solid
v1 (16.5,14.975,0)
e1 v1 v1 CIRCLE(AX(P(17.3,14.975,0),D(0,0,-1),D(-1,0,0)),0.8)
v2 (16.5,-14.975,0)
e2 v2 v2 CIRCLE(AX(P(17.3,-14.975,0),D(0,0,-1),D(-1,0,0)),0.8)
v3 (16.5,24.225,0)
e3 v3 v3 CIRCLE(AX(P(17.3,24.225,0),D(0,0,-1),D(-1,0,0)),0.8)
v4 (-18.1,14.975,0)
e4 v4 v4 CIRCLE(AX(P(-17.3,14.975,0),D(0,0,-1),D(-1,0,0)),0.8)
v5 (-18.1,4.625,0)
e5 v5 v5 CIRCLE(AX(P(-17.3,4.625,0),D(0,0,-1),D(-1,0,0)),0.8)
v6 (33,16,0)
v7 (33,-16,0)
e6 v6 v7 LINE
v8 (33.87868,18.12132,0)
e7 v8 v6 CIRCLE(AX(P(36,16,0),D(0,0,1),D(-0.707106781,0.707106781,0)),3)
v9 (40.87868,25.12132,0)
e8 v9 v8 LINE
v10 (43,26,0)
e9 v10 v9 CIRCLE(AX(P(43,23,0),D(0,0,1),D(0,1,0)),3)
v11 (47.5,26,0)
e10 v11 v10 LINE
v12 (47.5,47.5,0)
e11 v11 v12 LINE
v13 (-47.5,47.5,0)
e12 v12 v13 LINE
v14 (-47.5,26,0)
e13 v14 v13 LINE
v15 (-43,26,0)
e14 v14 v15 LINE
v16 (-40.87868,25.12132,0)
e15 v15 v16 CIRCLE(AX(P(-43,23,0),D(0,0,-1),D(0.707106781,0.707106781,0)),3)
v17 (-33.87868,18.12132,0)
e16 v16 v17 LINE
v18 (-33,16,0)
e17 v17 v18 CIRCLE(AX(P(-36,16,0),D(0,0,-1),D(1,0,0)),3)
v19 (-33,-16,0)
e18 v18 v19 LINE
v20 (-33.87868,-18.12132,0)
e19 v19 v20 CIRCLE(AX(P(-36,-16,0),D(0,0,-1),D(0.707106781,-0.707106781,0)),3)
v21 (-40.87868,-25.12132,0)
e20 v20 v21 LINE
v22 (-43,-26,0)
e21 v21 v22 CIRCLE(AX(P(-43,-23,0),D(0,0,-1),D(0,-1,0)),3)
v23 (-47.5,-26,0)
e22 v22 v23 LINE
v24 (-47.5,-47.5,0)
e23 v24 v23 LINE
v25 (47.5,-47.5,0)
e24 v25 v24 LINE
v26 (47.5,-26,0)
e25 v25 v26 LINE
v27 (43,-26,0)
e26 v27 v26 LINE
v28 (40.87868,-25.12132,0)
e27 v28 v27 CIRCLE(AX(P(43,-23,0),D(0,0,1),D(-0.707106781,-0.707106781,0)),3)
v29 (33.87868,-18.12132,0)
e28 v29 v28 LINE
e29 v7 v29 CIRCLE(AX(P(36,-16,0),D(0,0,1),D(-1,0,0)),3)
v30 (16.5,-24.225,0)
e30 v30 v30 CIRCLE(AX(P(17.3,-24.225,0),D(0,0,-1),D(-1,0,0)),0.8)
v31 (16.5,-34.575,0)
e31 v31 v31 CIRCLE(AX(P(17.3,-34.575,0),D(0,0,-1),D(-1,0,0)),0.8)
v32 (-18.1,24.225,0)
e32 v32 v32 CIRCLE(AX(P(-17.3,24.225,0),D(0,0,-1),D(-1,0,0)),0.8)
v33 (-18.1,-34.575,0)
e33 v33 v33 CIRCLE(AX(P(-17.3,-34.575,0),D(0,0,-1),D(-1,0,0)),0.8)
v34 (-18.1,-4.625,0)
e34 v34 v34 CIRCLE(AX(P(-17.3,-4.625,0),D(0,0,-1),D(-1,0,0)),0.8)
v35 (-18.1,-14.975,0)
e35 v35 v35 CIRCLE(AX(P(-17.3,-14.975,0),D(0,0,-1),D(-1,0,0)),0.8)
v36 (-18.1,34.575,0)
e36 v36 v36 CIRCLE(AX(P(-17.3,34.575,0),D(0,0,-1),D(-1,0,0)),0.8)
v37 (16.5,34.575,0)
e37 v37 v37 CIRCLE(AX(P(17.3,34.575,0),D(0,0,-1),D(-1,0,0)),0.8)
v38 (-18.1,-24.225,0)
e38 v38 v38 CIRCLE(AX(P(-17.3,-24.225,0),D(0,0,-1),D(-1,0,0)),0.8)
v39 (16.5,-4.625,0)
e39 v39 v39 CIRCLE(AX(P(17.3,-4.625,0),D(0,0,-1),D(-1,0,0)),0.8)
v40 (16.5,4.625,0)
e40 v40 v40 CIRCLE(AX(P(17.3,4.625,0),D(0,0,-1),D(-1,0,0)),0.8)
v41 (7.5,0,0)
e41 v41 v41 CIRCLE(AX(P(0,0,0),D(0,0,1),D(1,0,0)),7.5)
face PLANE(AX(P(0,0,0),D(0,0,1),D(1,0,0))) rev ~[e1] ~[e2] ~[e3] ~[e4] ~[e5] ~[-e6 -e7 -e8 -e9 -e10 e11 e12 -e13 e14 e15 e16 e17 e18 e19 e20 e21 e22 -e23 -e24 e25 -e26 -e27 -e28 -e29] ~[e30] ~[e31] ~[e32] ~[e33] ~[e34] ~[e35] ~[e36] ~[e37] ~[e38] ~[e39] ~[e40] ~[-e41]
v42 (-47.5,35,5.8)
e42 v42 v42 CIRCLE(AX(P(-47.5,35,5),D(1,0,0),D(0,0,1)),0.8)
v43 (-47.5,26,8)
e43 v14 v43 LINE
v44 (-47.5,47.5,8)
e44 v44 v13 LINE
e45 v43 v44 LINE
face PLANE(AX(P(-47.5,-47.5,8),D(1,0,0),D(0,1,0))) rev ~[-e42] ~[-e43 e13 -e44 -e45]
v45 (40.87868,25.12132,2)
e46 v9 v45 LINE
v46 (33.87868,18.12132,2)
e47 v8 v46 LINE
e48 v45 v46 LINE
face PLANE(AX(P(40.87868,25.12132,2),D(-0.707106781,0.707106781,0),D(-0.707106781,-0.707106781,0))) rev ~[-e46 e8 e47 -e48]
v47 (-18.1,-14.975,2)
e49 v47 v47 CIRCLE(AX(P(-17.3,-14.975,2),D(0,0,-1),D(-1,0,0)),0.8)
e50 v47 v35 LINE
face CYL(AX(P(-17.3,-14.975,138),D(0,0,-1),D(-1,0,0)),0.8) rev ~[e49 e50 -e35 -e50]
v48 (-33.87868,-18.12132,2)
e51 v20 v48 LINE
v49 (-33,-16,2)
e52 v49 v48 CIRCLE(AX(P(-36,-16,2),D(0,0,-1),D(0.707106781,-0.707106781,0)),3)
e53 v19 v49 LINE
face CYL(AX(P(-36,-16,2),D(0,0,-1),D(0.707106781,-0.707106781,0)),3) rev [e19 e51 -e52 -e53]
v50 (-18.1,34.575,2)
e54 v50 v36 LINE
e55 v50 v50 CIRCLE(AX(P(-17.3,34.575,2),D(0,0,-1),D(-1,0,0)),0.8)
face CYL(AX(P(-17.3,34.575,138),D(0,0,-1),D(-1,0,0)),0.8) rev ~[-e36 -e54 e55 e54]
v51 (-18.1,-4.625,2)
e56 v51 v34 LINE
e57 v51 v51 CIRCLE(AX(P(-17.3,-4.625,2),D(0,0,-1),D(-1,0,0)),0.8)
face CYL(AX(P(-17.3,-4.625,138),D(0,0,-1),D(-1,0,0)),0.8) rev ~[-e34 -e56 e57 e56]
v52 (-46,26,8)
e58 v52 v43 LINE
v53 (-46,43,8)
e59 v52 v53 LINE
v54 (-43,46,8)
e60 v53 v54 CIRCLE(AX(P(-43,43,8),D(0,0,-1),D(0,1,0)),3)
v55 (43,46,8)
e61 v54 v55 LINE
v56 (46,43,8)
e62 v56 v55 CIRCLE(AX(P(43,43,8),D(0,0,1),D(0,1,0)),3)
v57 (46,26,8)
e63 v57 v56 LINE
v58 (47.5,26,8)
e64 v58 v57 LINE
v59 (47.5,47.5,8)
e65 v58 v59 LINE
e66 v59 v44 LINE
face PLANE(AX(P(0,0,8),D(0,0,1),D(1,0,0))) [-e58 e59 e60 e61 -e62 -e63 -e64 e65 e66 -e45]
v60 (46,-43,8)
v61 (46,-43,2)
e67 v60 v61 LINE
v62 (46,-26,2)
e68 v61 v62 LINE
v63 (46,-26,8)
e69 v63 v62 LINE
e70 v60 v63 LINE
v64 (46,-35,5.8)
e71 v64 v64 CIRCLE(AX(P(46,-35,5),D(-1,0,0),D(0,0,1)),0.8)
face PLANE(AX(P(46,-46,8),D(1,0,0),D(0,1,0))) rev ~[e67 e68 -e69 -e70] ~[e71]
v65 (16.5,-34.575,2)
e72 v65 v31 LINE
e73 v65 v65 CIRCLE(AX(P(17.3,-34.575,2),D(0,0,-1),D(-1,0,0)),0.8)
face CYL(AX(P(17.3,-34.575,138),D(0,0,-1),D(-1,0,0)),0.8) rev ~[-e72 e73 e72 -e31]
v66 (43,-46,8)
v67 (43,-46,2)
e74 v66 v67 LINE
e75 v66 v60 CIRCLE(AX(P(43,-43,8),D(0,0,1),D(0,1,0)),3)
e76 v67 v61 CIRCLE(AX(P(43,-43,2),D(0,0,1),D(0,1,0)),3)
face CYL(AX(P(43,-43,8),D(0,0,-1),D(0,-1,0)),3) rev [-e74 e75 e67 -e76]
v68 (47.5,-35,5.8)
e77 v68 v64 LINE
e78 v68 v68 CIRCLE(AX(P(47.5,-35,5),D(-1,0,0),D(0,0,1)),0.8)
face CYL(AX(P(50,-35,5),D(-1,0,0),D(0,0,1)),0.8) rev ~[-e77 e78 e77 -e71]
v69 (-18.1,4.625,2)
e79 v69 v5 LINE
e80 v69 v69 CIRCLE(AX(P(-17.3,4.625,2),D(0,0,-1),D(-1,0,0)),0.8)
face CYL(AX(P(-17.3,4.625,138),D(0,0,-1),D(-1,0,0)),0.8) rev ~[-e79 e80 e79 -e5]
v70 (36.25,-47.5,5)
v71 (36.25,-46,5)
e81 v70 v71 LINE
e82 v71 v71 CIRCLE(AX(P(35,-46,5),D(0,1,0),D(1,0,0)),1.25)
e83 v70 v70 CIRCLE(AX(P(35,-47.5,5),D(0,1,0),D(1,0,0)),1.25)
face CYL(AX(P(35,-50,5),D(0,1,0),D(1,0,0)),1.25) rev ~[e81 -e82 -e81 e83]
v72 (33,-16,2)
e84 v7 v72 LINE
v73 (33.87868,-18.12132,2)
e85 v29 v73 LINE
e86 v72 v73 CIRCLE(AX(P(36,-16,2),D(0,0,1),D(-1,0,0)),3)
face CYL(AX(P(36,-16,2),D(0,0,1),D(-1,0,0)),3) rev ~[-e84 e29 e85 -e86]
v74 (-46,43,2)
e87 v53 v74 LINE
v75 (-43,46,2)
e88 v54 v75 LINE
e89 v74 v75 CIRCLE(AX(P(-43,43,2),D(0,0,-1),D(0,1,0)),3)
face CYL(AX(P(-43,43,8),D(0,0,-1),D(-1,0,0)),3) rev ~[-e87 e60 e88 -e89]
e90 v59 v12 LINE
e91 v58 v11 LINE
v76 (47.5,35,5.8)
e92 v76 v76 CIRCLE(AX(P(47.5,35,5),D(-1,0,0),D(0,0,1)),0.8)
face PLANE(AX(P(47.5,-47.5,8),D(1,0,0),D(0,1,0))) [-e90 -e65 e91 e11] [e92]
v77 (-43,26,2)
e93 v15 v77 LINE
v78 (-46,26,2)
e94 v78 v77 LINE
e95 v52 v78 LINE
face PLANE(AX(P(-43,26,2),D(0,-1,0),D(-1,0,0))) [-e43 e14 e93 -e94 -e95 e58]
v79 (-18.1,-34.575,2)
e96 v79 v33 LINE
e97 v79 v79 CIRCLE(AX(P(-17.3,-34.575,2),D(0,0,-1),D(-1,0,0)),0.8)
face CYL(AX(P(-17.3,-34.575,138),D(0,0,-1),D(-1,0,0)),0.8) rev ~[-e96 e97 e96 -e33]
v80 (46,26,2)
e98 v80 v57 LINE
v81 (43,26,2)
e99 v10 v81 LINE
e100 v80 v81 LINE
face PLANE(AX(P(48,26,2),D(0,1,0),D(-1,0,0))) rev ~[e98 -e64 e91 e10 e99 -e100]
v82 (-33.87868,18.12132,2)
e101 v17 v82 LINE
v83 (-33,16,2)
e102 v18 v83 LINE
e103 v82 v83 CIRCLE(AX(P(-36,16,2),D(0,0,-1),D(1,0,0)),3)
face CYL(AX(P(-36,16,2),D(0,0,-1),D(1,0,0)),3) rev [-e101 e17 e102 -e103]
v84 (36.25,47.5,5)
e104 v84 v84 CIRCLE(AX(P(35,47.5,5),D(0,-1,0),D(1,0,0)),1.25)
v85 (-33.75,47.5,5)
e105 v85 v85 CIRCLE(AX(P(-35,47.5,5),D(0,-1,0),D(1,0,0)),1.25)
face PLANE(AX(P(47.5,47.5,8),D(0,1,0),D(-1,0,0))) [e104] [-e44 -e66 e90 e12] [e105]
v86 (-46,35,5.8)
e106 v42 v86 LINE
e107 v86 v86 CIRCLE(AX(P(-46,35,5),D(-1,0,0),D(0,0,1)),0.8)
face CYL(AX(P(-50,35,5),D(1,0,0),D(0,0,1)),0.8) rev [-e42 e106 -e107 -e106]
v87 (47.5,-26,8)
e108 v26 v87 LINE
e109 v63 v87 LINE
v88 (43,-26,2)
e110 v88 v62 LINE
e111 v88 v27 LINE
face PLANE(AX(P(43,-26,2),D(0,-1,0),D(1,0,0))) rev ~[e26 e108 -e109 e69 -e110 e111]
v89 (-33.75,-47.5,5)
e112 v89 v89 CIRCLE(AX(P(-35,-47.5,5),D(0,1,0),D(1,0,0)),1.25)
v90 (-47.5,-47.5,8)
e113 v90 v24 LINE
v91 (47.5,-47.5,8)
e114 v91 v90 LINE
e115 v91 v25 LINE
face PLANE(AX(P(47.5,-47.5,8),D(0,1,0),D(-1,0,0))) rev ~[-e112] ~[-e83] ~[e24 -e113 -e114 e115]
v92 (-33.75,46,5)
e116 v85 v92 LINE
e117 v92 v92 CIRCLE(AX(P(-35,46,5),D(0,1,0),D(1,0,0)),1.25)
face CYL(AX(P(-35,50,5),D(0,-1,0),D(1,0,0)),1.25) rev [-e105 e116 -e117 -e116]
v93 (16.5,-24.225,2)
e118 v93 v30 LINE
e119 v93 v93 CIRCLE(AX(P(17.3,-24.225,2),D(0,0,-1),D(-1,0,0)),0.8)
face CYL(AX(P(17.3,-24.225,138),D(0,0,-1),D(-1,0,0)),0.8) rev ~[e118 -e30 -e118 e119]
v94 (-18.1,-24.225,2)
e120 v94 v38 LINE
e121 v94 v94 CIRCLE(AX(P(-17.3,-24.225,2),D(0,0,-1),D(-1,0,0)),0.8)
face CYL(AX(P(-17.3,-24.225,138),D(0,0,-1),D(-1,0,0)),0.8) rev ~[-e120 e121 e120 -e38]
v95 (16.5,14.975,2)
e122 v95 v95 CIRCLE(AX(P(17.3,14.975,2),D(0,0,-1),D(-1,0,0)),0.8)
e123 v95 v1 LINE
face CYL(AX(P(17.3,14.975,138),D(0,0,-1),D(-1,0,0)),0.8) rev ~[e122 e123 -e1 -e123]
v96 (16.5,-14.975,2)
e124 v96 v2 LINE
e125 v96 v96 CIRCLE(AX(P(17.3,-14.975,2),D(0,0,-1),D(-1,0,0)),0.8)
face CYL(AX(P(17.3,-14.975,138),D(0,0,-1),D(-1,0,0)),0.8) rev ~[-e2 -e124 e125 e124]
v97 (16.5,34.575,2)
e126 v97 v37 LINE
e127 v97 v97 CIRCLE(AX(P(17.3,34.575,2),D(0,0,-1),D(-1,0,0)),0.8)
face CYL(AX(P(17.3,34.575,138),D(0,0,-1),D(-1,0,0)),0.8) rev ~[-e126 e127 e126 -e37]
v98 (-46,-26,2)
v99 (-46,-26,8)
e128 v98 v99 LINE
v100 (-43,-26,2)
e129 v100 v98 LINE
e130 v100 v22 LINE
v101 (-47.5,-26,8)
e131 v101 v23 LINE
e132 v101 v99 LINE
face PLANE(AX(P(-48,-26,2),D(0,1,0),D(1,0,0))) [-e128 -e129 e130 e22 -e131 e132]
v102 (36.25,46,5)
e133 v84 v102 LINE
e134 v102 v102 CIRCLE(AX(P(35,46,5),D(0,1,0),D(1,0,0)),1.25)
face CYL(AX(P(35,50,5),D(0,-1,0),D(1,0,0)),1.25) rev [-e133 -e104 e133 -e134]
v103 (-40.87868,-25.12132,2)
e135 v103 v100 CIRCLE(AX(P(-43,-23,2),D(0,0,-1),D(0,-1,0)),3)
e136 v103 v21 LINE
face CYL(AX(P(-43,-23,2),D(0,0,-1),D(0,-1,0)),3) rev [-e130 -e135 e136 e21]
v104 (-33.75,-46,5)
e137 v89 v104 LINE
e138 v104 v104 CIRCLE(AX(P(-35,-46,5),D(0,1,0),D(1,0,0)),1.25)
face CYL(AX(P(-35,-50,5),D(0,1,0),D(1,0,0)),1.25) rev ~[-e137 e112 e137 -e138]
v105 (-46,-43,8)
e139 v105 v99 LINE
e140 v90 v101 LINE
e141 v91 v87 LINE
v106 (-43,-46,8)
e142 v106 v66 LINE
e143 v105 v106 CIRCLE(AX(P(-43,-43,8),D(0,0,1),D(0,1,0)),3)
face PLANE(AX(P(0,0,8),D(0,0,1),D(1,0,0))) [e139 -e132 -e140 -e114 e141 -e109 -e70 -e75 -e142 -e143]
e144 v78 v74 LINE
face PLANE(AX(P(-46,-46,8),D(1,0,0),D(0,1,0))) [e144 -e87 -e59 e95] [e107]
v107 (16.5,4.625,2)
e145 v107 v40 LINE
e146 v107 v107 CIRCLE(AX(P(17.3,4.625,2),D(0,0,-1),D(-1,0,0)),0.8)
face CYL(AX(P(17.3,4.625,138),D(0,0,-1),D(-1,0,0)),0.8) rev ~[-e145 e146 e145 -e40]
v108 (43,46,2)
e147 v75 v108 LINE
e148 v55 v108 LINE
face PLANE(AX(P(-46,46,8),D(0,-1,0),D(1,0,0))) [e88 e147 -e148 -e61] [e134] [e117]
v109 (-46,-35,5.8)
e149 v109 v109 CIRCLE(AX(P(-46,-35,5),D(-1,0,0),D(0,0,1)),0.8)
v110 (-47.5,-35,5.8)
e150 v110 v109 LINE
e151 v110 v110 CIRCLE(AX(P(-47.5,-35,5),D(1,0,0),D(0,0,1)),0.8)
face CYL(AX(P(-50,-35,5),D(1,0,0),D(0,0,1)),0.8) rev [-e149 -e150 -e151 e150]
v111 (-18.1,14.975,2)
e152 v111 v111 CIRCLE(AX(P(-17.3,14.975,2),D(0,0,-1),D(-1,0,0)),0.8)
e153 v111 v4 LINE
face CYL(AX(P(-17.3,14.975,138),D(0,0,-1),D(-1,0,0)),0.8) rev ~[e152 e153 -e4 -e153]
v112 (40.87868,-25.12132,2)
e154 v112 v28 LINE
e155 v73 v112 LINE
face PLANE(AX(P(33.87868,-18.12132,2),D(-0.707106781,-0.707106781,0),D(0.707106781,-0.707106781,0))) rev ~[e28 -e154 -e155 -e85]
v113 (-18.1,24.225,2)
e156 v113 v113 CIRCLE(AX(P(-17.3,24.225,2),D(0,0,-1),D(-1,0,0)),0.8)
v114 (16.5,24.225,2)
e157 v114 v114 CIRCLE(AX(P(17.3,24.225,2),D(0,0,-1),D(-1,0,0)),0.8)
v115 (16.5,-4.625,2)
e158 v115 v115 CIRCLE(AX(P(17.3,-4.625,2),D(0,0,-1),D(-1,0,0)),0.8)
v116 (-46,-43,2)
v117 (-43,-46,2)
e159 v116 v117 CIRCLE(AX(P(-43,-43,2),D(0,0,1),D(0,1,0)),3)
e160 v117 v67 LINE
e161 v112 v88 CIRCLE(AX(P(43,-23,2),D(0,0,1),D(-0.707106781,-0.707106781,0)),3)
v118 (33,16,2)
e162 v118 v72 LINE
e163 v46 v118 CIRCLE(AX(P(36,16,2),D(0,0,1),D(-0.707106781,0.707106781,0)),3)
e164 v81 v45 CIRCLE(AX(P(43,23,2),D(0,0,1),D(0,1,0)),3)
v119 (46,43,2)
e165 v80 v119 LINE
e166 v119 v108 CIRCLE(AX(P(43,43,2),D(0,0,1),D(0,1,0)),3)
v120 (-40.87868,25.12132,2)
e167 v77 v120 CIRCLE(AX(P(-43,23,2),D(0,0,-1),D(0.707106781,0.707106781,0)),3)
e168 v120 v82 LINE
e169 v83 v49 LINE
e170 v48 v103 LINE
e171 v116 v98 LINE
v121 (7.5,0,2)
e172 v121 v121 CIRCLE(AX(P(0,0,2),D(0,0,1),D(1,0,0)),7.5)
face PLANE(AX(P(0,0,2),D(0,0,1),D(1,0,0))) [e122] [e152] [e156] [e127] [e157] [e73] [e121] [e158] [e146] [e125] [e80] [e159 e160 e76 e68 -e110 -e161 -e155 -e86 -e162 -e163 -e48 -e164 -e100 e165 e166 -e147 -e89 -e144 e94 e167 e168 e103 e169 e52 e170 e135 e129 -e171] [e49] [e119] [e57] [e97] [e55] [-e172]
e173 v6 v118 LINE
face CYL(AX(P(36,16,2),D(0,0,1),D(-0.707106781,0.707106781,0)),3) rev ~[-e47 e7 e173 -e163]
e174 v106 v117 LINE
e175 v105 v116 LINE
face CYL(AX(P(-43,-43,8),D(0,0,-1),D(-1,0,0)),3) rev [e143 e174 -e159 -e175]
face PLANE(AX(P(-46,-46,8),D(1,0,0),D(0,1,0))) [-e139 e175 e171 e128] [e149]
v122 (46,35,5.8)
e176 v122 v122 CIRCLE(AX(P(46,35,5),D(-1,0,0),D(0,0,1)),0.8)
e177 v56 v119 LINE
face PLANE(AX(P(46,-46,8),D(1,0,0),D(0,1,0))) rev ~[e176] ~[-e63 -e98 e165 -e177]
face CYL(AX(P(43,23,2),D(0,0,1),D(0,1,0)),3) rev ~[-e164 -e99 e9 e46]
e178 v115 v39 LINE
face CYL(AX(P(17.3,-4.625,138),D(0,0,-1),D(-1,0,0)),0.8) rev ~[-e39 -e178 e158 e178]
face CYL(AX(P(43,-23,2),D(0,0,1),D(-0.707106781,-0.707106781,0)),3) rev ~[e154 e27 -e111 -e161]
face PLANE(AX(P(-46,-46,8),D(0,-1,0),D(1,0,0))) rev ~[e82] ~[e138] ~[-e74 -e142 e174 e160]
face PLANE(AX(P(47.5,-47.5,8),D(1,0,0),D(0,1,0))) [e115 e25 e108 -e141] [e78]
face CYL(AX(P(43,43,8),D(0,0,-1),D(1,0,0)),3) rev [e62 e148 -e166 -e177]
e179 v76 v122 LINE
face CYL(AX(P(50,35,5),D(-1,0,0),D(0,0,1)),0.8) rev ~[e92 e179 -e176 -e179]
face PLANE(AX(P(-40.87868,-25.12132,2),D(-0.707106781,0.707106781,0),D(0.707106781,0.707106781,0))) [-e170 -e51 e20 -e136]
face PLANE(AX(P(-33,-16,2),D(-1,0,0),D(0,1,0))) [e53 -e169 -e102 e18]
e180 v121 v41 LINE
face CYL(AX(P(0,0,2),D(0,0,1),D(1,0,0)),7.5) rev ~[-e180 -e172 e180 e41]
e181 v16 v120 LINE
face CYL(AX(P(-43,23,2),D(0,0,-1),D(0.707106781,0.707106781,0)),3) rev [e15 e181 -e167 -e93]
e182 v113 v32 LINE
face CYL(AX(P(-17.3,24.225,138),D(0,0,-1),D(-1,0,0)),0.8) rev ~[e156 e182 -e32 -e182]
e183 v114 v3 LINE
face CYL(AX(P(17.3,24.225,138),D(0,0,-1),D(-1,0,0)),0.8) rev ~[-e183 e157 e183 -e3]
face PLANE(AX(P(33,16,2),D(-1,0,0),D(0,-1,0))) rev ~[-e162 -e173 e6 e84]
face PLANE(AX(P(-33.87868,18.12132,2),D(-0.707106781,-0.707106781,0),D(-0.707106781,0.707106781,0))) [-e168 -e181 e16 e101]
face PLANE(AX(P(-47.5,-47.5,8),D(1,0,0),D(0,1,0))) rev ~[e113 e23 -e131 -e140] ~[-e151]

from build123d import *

# Parameters (mm, degrees)
SKETCH1_W                       = 96
SKETCH1_H                       = 96
BOSS_EXTRUDE1_DEPTH             = 8
SKETCH2_W                       = 92
SKETCH2_H                       = 92
COMPONENT_PLATFORM_DEPTH        = 6
CABLE_SLOTS_DEPTH               = 6
SKETCH4_R                       = 7.5
CENTER_MASS_CUT_DEPTH           = 6
INNER_CORNER_FILLETS_R          = 3
TAP_DRILL_FOR_M3X0_5_TAP4_D     = 2.5
TAP_DRILL_FOR_M3X0_5_TAP4_DEPTH = 2
TAP_DRILL_FOR_M2X0_4_TAP2_D     = 1.6
TAP_DRILL_FOR_M2X0_4_TAP1_D     = 1.6
TAP_DRILL_FOR_M2X0_4_TAP1_DEPTH = 2
CUT_EXTRUDE1_START              = -8
SKETCH28_OUTSIDE_W              = 125.2
SKETCH28_OUTSIDE_H              = 125.2
SKETCH28_OUTSIDE_W_2            = 95
SKETCH28_OUTSIDE_H_2            = 95
CUT_EXTRUDE1_DEPTH              = 8


with BuildPart() as part:
    # Sketch1 → Boss-Extrude1 (new body)
    with BuildSketch(Plane.XY):
        Rectangle(SKETCH1_W, SKETCH1_H)
    extrude(amount=BOSS_EXTRUDE1_DEPTH)

    # Sketch2 → Component Platform (cut)
    with BuildSketch(Plane.XY.offset(8)):
        Rectangle(SKETCH2_W, SKETCH2_H)
    extrude(amount=-COMPONENT_PLATFORM_DEPTH, mode=Mode.SUBTRACT)

    # Sketch3 → Cable Slots (cut, symmetric)
    with BuildSketch(Plane.XY.offset(2)):
        with BuildLine():
            Line((-40.878679656, -25.121320344), (-33.878679656, -18.121320344))
            ThreePointArc((-33.878679656, -18.121320344), (-33.228361402, -17.148050297), (-33, -16))
            Line((-33, -16), (-33, 16))
            ThreePointArc((-33, 16), (-33.228361402, 17.148050297), (-33.878679656, 18.121320344))
            Line((-33.878679656, 18.121320344), (-40.878679656, 25.121320344))
            ThreePointArc((-40.878679656, 25.121320344), (-41.851949703, 25.771638598), (-43, 26))
            Line((-43, 26), (-48, 26))
            Line((-48, 26), (-48, -26))
            Line((-48, -26), (-43, -26))
            ThreePointArc((-43, -26), (-41.851949703, -25.771638598), (-40.878679656, -25.121320344))
        make_face()
        with BuildLine():
            Line((48, -26), (48, 26))
            Line((48, 26), (43, 26))
            ThreePointArc((43, 26), (41.851949703, 25.771638598), (40.878679656, 25.121320344))
            Line((40.878679656, 25.121320344), (33.878679656, 18.121320344))
            ThreePointArc((33.878679656, 18.121320344), (33.228361402, 17.148050297), (33, 16))
            Line((33, 16), (33, -16))
            ThreePointArc((33, -16), (33.228361402, -17.148050297), (33.878679656, -18.121320344))
            Line((33.878679656, -18.121320344), (40.878679656, -25.121320344))
            ThreePointArc((40.878679656, -25.121320344), (41.851949703, -25.771638598), (43, -26))
            Line((43, -26), (48, -26))
        make_face()
    extrude(amount=CABLE_SLOTS_DEPTH, both=True, mode=Mode.SUBTRACT)

    # Sketch4 → Center Mass Cut (cut)
    with BuildSketch(Plane.XY.offset(2)):
        Circle(SKETCH4_R)
    extrude(amount=-CENTER_MASS_CUT_DEPTH, mode=Mode.SUBTRACT)

    # Inner Corner Fillets
    inner_corner_fillets_edges = [part.edges().sort_by_distance(p)[0] for p in [
        (-46, -46, 5),
        (-46, 46, 5),
        (46, 46, 5),
        (46, -46, 5),
    ]]
    fillet(inner_corner_fillets_edges, radius=INNER_CORNER_FILLETS_R)

    # Tap Drill for M3x0.5 Tap4
    with Locations(Plane(origin=(0, -48, 0), x_dir=(-1, 0, 0), z_dir=(0, -1, 0))):
        with Locations((35, -5), (-35, -5)):
            tap_drill_for_m3x0_5_tap4 = Hole(TAP_DRILL_FOR_M3X0_5_TAP4_D / 2, depth=TAP_DRILL_FOR_M3X0_5_TAP4_DEPTH)

    # Mirror2: Tap Drill for M3x0.5 Tap4 across plane
    add(tap_drill_for_m3x0_5_tap4.mirror(Plane(origin=(0, 0, 0), x_dir=(0, 0, 1), z_dir=(0, -1, 0))), mode=Mode.SUBTRACT)

    # Tap Drill for M2x0.4 Tap2 (through all)
    with Locations(Plane.XY.offset(2)):
        with Locations((-17.3, 34.575), (-17.3, 24.225), (-17.3, 14.975), (-17.3, 4.625), (17.3, 4.625), (17.3, 14.975), (17.3, 24.225), (17.3, 34.575), (17.3, -4.625), (17.3, -14.975), (17.3, -24.225), (17.3, -34.575), (-17.3, -4.625), (-17.3, -14.975), (-17.3, -24.225), (-17.3, -34.575)):
            Hole(TAP_DRILL_FOR_M2X0_4_TAP2_D / 2)

    # Tap Drill for M2x0.4 Tap1
    with Locations(Plane(origin=(48, 0, 0), x_dir=(0, 0, -1), z_dir=(1, 0, 0))):
        with Locations((-5, -35), (-5, 35)):
            tap_drill_for_m2x0_4_tap1 = Hole(TAP_DRILL_FOR_M2X0_4_TAP1_D / 2, depth=TAP_DRILL_FOR_M2X0_4_TAP1_DEPTH)

    # Mirror3: Tap Drill for M2x0.4 Tap1 across plane
    add(tap_drill_for_m2x0_4_tap1.mirror(Plane(origin=(0, 0, 0), x_dir=(0, 0, 1), z_dir=(1, 0, 0))), mode=Mode.SUBTRACT)

    # Sketch28 outside → Cut-Extrude1 (cut)
    with BuildSketch(Plane(origin=(0, 0, 0), x_dir=(-1, 0, 0), z_dir=(0, 0, -1)).offset(CUT_EXTRUDE1_START)):
        Rectangle(SKETCH28_OUTSIDE_W, SKETCH28_OUTSIDE_H)
        Rectangle(SKETCH28_OUTSIDE_W_2, SKETCH28_OUTSIDE_H_2, mode=Mode.SUBTRACT)
    extrude(amount=CUT_EXTRUDE1_DEPTH, mode=Mode.SUBTRACT)


solid = part.part
